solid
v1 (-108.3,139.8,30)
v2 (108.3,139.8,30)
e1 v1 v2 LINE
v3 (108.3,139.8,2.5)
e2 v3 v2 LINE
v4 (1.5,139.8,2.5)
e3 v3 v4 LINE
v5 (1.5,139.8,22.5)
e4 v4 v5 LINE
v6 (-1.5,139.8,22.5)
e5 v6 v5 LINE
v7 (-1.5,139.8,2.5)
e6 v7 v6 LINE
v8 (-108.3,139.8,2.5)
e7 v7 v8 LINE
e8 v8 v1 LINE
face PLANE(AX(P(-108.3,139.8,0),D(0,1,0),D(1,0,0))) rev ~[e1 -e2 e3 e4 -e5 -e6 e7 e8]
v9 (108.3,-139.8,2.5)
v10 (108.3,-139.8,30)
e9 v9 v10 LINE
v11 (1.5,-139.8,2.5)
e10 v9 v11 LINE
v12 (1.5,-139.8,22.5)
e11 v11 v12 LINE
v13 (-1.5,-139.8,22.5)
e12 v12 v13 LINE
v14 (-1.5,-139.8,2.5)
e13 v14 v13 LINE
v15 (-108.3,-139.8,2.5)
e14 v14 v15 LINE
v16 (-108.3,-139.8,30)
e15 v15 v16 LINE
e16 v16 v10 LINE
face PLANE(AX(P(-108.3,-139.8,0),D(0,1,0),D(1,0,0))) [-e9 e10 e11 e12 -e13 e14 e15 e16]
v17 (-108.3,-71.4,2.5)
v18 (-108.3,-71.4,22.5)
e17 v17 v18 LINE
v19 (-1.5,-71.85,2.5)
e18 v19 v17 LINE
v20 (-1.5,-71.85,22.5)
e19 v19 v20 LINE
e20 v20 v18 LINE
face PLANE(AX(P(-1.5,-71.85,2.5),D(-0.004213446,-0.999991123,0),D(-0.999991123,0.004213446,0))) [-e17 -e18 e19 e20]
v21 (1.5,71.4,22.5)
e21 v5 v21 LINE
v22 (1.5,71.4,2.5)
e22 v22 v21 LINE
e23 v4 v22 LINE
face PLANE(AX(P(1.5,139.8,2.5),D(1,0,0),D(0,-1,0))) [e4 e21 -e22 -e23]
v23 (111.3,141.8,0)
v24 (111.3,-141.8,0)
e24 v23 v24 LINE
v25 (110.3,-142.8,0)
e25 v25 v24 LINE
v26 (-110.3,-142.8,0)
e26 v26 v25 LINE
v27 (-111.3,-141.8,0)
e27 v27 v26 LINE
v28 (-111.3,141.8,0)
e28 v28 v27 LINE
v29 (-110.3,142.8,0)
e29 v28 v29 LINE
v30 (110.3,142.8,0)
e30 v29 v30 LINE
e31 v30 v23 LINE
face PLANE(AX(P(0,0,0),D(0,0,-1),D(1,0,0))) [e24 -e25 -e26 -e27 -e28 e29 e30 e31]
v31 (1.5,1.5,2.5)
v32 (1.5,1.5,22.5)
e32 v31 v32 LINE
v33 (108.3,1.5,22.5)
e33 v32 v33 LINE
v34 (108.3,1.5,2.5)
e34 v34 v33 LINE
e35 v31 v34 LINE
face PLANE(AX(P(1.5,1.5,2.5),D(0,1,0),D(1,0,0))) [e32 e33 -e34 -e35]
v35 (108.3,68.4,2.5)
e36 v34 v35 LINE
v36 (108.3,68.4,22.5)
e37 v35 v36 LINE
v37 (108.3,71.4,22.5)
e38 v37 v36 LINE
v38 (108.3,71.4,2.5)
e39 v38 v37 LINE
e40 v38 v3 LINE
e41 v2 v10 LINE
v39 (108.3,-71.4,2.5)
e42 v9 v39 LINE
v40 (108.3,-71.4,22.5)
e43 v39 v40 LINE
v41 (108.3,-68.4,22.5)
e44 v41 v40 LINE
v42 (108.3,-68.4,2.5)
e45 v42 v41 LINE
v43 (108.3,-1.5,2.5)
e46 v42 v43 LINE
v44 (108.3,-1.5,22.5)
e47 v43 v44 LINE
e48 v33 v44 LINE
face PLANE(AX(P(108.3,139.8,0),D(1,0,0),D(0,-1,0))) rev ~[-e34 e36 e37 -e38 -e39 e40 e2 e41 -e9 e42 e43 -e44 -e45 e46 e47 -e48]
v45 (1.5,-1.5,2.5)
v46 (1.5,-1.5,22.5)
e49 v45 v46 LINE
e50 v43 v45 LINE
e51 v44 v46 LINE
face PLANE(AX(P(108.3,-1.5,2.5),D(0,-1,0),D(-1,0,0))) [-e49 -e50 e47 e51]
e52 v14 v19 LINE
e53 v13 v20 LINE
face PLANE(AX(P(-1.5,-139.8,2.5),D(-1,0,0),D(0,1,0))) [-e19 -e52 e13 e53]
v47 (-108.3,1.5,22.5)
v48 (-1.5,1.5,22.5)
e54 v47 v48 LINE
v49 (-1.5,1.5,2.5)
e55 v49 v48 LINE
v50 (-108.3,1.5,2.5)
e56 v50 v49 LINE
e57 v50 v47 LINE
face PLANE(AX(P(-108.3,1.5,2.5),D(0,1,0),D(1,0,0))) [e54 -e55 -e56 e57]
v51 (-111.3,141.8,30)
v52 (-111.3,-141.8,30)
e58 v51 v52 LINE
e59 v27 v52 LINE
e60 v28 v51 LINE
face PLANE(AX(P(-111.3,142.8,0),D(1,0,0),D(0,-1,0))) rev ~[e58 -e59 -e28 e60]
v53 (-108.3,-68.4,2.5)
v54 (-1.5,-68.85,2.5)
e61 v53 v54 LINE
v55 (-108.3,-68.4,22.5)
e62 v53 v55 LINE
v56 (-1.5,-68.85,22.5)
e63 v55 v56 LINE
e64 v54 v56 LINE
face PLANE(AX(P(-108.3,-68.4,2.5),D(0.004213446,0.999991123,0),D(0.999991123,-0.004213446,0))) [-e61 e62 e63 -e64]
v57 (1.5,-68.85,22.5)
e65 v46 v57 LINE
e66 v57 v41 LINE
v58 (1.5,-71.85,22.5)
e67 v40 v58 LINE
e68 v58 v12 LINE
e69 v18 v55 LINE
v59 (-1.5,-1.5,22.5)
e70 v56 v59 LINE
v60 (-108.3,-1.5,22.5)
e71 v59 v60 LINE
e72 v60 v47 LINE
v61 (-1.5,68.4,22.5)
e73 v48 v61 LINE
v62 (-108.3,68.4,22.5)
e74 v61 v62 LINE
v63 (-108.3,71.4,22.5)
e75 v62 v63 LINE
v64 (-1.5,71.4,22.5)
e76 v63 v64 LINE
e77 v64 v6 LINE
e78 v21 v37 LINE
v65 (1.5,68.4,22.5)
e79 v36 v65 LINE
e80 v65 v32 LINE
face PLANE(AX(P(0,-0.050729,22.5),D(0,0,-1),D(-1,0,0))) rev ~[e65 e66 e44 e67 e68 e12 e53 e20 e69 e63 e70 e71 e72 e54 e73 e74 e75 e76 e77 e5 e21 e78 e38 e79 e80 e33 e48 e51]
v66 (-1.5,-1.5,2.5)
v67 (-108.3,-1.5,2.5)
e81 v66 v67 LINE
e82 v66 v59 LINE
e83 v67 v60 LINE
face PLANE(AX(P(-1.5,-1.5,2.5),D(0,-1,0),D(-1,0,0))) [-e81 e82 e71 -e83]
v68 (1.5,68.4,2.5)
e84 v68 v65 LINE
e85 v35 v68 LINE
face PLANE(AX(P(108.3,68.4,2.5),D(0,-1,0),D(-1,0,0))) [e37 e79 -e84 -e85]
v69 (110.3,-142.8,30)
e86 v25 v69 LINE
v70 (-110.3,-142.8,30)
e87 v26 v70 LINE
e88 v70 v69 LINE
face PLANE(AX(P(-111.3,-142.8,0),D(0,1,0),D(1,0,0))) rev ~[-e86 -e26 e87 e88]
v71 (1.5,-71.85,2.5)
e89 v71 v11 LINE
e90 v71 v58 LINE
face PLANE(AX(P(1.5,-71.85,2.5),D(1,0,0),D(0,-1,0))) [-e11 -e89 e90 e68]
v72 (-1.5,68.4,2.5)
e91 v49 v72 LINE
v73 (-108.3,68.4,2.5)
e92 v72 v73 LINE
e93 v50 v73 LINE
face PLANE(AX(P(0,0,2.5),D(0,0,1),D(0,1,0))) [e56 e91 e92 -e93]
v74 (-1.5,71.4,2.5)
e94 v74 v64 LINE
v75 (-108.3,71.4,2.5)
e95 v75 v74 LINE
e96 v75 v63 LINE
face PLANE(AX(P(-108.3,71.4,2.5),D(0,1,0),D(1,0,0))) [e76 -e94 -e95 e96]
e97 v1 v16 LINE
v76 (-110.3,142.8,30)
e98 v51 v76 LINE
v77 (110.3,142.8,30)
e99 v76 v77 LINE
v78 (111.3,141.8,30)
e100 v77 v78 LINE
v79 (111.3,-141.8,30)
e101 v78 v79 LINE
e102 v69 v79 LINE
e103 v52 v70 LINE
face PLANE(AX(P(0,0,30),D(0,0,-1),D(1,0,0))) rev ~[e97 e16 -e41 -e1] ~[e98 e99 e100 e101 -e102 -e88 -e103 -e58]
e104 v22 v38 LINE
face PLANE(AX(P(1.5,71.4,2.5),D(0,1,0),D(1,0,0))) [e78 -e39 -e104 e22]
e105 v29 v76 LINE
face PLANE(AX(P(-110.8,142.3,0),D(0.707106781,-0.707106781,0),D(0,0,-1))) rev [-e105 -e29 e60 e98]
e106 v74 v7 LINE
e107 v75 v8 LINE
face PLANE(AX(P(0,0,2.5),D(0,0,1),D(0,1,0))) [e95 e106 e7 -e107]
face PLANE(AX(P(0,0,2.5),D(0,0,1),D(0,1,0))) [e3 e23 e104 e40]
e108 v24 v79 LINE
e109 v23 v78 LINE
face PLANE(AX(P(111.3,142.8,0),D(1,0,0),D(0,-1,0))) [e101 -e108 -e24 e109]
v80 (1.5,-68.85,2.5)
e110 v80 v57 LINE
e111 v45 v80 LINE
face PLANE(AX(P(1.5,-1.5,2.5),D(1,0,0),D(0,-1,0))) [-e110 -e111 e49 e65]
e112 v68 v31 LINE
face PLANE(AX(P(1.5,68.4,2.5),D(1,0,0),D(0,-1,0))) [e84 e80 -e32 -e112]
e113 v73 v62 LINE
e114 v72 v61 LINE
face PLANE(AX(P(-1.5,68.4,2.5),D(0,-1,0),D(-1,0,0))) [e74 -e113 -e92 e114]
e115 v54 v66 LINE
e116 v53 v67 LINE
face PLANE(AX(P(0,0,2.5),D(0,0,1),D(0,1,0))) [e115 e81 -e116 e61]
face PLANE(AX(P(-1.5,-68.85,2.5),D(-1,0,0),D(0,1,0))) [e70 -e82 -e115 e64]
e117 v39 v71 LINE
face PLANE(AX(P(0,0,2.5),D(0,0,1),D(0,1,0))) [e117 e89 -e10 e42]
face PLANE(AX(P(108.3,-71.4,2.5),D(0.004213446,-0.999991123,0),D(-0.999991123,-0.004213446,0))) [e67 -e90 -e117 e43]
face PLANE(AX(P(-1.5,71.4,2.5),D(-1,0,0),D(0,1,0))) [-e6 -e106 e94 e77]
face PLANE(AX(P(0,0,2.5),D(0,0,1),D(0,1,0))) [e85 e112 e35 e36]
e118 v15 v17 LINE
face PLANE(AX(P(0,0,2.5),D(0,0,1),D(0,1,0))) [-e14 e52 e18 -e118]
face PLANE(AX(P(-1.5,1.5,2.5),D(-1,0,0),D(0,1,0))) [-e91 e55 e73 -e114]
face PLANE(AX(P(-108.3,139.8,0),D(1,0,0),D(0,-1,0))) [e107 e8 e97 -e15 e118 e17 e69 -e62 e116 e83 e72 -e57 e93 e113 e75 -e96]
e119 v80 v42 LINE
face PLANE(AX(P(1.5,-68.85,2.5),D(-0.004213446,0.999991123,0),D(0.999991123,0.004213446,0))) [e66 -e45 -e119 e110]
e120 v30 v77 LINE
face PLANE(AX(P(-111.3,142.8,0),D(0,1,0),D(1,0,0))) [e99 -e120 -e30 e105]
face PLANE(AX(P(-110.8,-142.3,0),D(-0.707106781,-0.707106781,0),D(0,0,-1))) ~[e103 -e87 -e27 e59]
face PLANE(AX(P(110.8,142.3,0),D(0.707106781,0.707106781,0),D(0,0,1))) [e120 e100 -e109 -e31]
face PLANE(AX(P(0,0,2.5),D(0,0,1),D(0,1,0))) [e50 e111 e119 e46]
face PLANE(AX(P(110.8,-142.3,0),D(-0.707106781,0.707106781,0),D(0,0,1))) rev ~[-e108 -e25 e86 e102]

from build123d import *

# Parameters (mm, degrees)
SKETCH1_W                     = 279.6
SKETCH1_H                     = 216.6
BOSS_EXTRUDE1_DEPTH           = 2.5
SKETCH2_W                     = 222.6
SKETCH2_H                     = 285.6
SKETCH2_W_2                   = 216.6
SKETCH2_H_2                   = 279.6
BOSS_EXTRUDE2_WALL_30MM_DEPTH = 30
BOSS_EXTRUDE3_DEPTH           = 20
CHAMFER1_SIZE                 = 1


with BuildPart() as part:
    # Sketch1 → Boss-Extrude1 (new body)
    with BuildSketch(Plane(origin=(0, 0, 0), x_dir=(0, 1, 0), z_dir=(0, 0, 1))):
        Rectangle(SKETCH1_W, SKETCH1_H)
    extrude(amount=BOSS_EXTRUDE1_DEPTH)

    # Sketch2 → Boss-Extrude2 wall 30mm (add)
    with BuildSketch(Plane(origin=(0, 0, 0), x_dir=(1, 0, 0), z_dir=(0, 0, -1))):
        Rectangle(SKETCH2_W, SKETCH2_H)
        Rectangle(SKETCH2_W_2, SKETCH2_H_2, mode=Mode.SUBTRACT)
    extrude(amount=-BOSS_EXTRUDE2_WALL_30MM_DEPTH)

    # Sketch3 → Boss-Extrude3 (add)
    with BuildSketch(Plane.XY.offset(2.5)):
        Polygon((1.5, 71.4), (108.3, 71.4), (108.3, 68.4), (1.5, 68.4), (1.5, 1.5), (108.3, 1.5), (108.3, -1.5), (1.5, -1.5), (1.5, -68.85), (108.3, -68.4), (108.3, -71.4), (1.5, -71.85), (1.5, -139.8), (-1.5, -139.8), (-1.5, -71.85), (-108.3, -71.4), (-108.3, -68.4), (-1.5, -68.85), (-1.5, -1.5), (-108.3, -1.5), (-108.3, 1.5), (-1.5, 1.5), (-1.5, 68.4), (-108.3, 68.4), (-108.3, 71.4), (-1.5, 71.4), (-1.5, 139.8), (1.5, 139.8), align=None)
    extrude(amount=BOSS_EXTRUDE3_DEPTH)

    # Chamfer1
    chamfer1_edges = [part.edges().sort_by_distance(p)[0] for p in [
        (-111.3, -142.8, 15),
        (111.3, -142.8, 15),
        (111.3, 142.8, 15),
        (-111.3, 142.8, 15),
    ]]
    chamfer(chamfer1_edges, length=CHAMFER1_SIZE)


solid = part.part
